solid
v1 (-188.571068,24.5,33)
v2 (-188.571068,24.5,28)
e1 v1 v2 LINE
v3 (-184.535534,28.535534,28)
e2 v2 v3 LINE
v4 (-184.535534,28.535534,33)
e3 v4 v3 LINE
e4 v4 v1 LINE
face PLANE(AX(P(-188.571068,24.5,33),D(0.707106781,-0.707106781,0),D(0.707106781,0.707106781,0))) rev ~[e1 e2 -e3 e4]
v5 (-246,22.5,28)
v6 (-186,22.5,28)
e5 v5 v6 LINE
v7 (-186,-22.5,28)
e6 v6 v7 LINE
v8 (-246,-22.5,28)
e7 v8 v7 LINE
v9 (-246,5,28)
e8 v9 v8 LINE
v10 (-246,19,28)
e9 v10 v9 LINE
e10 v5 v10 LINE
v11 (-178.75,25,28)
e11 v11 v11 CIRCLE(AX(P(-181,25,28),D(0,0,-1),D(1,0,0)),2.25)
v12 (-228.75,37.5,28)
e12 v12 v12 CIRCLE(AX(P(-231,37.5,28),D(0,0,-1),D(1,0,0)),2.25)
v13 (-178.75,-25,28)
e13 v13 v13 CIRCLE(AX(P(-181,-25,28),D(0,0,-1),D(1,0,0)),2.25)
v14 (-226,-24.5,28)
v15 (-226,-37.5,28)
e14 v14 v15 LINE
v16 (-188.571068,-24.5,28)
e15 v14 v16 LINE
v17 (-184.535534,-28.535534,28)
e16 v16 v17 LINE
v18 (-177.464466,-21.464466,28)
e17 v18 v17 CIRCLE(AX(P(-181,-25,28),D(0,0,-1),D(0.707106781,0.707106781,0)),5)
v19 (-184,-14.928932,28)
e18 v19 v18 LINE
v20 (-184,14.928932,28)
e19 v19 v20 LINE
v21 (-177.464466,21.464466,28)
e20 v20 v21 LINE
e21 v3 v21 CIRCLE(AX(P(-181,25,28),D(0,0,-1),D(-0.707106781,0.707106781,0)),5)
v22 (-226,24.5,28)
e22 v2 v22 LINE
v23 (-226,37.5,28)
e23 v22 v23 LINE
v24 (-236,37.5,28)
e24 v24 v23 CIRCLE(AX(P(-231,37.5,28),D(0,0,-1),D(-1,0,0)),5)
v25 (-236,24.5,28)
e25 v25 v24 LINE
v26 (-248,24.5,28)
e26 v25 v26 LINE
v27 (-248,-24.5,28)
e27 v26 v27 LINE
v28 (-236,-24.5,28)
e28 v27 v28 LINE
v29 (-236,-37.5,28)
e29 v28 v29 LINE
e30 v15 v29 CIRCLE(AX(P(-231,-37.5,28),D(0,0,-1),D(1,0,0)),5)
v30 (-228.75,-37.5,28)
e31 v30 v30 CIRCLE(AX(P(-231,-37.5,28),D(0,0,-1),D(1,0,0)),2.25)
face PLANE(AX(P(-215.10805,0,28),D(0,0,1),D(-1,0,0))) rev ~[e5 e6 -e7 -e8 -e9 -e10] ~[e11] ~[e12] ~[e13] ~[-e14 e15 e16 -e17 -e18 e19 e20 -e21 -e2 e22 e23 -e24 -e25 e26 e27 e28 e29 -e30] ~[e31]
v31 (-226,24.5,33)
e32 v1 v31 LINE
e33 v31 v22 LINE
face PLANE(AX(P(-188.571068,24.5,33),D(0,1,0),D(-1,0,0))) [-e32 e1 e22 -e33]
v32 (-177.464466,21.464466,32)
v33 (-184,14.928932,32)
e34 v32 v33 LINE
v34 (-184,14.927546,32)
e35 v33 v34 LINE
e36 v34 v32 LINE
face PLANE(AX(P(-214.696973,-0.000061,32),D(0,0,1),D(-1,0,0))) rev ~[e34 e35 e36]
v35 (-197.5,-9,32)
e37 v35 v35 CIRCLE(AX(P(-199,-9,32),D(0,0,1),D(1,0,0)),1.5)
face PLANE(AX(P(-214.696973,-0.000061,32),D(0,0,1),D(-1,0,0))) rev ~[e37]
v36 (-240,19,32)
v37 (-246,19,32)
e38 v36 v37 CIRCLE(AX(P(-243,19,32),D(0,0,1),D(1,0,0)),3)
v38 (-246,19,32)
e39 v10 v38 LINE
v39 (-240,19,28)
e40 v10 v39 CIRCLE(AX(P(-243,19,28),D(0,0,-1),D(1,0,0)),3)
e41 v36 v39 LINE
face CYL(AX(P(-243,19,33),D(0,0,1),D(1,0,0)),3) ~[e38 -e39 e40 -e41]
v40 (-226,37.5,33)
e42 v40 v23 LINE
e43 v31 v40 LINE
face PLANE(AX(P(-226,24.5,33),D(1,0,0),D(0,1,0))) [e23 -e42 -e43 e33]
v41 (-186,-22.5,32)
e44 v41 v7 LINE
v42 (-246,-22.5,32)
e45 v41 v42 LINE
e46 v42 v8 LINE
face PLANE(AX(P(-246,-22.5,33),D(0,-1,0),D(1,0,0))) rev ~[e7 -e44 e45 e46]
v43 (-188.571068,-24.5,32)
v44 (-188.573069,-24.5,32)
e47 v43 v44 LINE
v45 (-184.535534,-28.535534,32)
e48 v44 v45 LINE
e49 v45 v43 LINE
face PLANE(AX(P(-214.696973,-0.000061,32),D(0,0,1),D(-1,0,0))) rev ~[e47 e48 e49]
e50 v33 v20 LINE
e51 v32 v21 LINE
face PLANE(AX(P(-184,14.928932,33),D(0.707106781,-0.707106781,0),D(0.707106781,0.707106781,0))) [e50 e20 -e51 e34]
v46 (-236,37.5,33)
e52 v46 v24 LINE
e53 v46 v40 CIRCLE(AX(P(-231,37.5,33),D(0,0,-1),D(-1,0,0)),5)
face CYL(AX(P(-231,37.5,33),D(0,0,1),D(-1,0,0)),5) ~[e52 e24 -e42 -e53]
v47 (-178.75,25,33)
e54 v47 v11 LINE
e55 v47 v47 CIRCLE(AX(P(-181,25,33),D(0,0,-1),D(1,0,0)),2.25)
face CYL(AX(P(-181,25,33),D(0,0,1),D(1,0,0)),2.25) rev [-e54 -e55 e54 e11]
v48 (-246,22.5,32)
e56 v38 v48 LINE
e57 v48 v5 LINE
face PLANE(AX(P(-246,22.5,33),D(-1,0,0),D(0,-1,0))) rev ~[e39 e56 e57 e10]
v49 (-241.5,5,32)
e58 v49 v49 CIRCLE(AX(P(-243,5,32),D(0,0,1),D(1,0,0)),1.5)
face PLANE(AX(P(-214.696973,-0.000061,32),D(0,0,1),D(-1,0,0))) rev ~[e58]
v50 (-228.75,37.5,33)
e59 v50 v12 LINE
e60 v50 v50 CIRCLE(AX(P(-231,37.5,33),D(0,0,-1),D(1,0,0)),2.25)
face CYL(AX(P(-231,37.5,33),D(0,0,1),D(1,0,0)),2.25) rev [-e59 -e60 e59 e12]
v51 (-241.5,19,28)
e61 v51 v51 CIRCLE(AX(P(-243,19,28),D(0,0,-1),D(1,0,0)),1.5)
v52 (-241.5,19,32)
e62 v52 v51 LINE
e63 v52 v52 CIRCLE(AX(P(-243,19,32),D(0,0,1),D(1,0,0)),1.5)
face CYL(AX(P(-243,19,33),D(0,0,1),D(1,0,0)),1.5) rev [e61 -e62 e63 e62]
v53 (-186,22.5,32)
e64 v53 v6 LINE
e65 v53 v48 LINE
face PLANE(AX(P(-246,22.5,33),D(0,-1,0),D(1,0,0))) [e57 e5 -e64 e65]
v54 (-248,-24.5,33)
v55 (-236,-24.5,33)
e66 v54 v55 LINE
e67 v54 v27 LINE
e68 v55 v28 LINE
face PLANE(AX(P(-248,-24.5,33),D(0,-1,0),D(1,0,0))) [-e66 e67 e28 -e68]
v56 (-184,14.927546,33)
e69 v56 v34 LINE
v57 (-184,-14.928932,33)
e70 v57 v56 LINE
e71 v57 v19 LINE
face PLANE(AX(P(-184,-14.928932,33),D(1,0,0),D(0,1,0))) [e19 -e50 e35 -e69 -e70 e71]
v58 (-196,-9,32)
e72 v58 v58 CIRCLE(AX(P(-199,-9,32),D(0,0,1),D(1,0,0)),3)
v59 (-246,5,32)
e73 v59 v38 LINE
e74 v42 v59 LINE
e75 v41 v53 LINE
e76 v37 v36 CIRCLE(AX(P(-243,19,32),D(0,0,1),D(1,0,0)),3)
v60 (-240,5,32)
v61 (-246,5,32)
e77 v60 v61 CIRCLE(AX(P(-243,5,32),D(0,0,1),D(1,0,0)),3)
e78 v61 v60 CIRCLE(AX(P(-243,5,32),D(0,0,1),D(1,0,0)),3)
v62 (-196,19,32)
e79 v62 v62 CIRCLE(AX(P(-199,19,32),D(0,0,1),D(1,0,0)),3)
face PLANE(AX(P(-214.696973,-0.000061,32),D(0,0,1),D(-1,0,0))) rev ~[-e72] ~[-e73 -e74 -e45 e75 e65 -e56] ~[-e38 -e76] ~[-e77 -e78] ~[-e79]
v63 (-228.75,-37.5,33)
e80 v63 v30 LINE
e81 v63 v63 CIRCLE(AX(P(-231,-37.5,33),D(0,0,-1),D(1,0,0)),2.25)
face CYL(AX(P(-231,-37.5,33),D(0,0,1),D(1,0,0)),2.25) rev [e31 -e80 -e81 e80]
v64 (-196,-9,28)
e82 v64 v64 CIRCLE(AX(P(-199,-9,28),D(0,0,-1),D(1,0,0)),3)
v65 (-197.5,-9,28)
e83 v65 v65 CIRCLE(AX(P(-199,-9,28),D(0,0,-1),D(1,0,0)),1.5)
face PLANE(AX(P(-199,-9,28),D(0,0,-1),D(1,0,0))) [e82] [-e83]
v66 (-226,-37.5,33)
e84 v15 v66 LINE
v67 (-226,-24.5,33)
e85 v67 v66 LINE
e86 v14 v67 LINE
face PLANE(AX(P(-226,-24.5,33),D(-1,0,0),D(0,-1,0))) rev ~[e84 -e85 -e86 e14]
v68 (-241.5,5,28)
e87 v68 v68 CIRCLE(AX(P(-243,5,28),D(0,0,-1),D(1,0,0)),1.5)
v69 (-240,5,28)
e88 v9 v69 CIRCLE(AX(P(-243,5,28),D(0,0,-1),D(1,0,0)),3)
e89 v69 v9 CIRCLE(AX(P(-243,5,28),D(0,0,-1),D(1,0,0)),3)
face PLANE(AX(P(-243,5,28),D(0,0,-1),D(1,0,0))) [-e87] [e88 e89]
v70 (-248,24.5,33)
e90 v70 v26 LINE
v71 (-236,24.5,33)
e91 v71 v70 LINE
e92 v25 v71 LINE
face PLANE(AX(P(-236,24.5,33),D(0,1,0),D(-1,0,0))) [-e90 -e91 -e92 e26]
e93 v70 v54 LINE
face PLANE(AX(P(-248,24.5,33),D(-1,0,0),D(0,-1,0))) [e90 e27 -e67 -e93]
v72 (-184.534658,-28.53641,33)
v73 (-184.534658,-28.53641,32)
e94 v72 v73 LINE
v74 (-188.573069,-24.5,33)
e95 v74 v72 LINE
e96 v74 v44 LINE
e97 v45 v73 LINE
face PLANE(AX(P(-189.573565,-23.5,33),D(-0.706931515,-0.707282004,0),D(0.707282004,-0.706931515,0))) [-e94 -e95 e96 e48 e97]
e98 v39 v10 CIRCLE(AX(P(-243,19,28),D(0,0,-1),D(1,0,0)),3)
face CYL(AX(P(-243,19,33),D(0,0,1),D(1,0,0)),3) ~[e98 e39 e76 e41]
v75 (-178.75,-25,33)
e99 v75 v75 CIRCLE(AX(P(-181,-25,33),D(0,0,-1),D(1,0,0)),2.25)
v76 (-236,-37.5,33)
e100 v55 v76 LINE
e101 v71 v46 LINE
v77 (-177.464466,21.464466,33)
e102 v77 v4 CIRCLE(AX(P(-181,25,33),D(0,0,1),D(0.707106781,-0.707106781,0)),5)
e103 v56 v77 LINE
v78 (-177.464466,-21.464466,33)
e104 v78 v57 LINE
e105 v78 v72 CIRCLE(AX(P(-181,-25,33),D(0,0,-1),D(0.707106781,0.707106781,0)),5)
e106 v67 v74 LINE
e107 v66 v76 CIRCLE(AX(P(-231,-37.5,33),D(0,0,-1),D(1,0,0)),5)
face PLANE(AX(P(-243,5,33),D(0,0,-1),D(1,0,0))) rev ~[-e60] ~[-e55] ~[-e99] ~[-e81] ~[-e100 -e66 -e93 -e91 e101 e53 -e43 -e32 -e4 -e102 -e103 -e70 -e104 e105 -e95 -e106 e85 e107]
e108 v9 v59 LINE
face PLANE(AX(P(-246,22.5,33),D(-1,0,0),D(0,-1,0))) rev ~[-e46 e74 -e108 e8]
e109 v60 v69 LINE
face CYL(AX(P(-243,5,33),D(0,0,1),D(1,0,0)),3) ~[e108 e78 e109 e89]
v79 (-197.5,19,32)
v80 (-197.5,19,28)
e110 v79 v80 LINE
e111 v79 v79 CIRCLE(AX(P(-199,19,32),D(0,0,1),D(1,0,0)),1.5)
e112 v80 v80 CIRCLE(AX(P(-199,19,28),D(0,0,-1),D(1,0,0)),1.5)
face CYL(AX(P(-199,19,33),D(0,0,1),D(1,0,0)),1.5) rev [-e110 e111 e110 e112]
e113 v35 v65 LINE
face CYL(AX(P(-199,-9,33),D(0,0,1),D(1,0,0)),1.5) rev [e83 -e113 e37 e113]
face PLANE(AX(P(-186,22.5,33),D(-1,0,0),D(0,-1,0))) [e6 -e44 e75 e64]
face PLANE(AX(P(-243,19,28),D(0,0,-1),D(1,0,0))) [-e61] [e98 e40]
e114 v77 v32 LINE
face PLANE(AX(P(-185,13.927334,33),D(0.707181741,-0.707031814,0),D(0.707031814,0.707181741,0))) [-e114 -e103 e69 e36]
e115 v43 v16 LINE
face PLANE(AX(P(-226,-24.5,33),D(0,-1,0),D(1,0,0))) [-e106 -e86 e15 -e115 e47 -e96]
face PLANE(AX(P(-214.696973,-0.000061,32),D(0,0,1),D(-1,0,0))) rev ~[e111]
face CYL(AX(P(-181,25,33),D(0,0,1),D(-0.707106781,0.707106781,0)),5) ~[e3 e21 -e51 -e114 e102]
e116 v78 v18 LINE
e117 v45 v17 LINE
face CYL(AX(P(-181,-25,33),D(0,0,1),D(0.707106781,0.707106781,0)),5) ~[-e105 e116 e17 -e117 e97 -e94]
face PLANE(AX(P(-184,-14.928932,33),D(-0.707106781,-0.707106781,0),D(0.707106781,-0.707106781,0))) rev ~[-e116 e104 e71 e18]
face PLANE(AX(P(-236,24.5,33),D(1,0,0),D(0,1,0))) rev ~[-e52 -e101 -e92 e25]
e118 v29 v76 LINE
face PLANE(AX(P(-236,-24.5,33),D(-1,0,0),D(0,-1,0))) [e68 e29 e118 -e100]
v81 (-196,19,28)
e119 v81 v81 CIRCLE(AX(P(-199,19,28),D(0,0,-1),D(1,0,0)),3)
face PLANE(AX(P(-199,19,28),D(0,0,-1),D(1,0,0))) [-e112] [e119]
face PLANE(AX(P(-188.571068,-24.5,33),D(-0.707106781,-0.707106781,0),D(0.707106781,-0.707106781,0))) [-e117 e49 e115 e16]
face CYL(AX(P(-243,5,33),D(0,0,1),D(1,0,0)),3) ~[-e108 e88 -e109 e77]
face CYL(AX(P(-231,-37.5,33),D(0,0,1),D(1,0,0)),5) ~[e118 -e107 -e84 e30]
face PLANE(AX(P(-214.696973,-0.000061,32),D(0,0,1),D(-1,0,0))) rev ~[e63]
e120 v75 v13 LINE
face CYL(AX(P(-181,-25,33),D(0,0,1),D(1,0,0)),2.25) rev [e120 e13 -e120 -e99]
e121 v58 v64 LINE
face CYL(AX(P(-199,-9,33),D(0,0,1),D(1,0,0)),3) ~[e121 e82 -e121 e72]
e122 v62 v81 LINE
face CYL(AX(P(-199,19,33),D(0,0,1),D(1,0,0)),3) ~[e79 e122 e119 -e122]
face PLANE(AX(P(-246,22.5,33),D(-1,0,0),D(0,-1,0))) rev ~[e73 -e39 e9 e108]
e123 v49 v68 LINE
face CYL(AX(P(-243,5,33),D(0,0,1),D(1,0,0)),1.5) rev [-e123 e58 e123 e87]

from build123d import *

# Parameters (mm, degrees)
SKETCH123_W             = 60
SKETCH123_H             = 45
PAD050_DEPTH            = 5
PAD099_DEPTH            = 1
SKETCH128_R             = 3
SKETCH128_R_2           = 1.5
PAD100_DEPTH            = 5
SKETCH223_R             = 2.25
POCKET090_DEPTH         = 5
BODY015_PLACEMENT_ANGLE = 180


with BuildPart() as part:
    # Sketch123 → Pad050 (new body)
    with BuildSketch(Plane.XY):
        with BuildLine():
            Line((-32, 24.5), (-20, 24.5))
            Line((-20, 24.5), (-20, 37.5))
            ThreePointArc((-10, 37.5), (-15, 42.5), (-20, 37.5))
            Line((-10, 24.5), (-10, 37.5))
            Line((-10, 24.5), (27.428932, 24.5))
            Line((27.428932, 24.5), (31.464466, 28.535534))
            ThreePointArc((38.535534, 21.464466), (38.535534, 28.535534), (31.464466, 28.535534))
            Line((32, 14.928932), (38.535534, 21.464466))
            Line((32, 14.928932), (32, -14.928932))
            Line((32, -14.928932), (38.535534, -21.464466))
            ThreePointArc((31.464466, -28.535534), (38.535534, -28.535534), (38.535534, -21.464466))
            Line((27.428932, -24.5), (31.464466, -28.535534))
            Line((27.428932, -24.5), (-10, -24.5))
            Line((-10, -24.5), (-10, -37.5))
            ThreePointArc((-20, -37.5), (-15, -42.5), (-10, -37.5))
            Line((-20, -24.5), (-20, -37.5))
            Line((-20, -24.5), (-32, -24.5))
            Line((-32, -24.5), (-32, 24.5))
        make_face()
        Rectangle(SKETCH123_W, SKETCH123_H, mode=Mode.SUBTRACT)
    extrude(amount=PAD050_DEPTH)

    # Sketch222 → Pad099 (join)
    with BuildSketch(Plane.XY):
        with BuildLine():
            Line((-31, 23.5), (-20, 23.5))
            Line((-20, 23.5), (-20, 37.5))
            ThreePointArc((-10, 37.5), (-15, 42.5), (-20, 37.5))
            Line((-10, 23.5), (-10, 37.5))
            Line((-10, 23.5), (26.426435, 23.5))
            Line((26.426435, 23.5), (31.465342, 28.53641))
            ThreePointArc((38.534658, 21.46359), (38.53641, 28.534658), (31.465342, 28.53641))
            Line((31, 13.932666), (38.534658, 21.46359))
            Line((31, 13.932666), (31, -13.927334))
            Line((31, -13.927334), (38.535909, -21.464841))
            ThreePointArc((31.464091, -28.535159), (38.535159, -28.535909), (38.535909, -21.464841))
            Line((26.43, -23.5), (31.464091, -28.535159))
            Line((26.43, -23.5), (-10, -23.5))
            Line((-10, -23.5), (-10, -37.5))
            ThreePointArc((-20, -37.5), (-15, -42.5), (-10, -37.5))
            Line((-20, -23.5), (-20, -37.5))
            Line((-20, -23.5), (-31, -23.5))
            Line((-31, -23.5), (-31, 23.5))
        make_face()
    extrude(amount=PAD099_DEPTH)

    # Sketch128 → Pad100 (join)
    with BuildSketch(Plane.XY):
        with Locations((-27, -5)):
            Circle(SKETCH128_R)
        with Locations((-27, -5)):
            Circle(SKETCH128_R_2, mode=Mode.SUBTRACT)
        with Locations((-27, -19)):
            Circle(SKETCH128_R)
        with Locations((-27, -19)):
            Circle(SKETCH128_R_2, mode=Mode.SUBTRACT)
        with Locations((17, 9)):
            Circle(SKETCH128_R)
        with Locations((17, 9)):
            Circle(SKETCH128_R_2, mode=Mode.SUBTRACT)
        with Locations((17, -19)):
            Circle(SKETCH128_R)
        with Locations((17, -19)):
            Circle(SKETCH128_R_2, mode=Mode.SUBTRACT)
    extrude(amount=PAD100_DEPTH)

    # Sketch223 → Pocket090 (cut)
    with BuildSketch(Plane.XY):
        with Locations((35, -25)):
            Circle(SKETCH223_R)
        with Locations((35, 25)):
            Circle(SKETCH223_R)
        with Locations((-15, 37.5)):
            Circle(SKETCH223_R)
        with Locations((-15, -37.5)):
            Circle(SKETCH223_R)
    extrude(amount=POCKET090_DEPTH, mode=Mode.SUBTRACT)


with BuildPart() as part_1:
    # Body015 placement: moved
    add(part.part.moved(Location((-216, 0, 33))).rotate(Axis((-216, 0, 33), (1, 0, 0)), BODY015_PLACEMENT_ANGLE))


solid = part_1.part
